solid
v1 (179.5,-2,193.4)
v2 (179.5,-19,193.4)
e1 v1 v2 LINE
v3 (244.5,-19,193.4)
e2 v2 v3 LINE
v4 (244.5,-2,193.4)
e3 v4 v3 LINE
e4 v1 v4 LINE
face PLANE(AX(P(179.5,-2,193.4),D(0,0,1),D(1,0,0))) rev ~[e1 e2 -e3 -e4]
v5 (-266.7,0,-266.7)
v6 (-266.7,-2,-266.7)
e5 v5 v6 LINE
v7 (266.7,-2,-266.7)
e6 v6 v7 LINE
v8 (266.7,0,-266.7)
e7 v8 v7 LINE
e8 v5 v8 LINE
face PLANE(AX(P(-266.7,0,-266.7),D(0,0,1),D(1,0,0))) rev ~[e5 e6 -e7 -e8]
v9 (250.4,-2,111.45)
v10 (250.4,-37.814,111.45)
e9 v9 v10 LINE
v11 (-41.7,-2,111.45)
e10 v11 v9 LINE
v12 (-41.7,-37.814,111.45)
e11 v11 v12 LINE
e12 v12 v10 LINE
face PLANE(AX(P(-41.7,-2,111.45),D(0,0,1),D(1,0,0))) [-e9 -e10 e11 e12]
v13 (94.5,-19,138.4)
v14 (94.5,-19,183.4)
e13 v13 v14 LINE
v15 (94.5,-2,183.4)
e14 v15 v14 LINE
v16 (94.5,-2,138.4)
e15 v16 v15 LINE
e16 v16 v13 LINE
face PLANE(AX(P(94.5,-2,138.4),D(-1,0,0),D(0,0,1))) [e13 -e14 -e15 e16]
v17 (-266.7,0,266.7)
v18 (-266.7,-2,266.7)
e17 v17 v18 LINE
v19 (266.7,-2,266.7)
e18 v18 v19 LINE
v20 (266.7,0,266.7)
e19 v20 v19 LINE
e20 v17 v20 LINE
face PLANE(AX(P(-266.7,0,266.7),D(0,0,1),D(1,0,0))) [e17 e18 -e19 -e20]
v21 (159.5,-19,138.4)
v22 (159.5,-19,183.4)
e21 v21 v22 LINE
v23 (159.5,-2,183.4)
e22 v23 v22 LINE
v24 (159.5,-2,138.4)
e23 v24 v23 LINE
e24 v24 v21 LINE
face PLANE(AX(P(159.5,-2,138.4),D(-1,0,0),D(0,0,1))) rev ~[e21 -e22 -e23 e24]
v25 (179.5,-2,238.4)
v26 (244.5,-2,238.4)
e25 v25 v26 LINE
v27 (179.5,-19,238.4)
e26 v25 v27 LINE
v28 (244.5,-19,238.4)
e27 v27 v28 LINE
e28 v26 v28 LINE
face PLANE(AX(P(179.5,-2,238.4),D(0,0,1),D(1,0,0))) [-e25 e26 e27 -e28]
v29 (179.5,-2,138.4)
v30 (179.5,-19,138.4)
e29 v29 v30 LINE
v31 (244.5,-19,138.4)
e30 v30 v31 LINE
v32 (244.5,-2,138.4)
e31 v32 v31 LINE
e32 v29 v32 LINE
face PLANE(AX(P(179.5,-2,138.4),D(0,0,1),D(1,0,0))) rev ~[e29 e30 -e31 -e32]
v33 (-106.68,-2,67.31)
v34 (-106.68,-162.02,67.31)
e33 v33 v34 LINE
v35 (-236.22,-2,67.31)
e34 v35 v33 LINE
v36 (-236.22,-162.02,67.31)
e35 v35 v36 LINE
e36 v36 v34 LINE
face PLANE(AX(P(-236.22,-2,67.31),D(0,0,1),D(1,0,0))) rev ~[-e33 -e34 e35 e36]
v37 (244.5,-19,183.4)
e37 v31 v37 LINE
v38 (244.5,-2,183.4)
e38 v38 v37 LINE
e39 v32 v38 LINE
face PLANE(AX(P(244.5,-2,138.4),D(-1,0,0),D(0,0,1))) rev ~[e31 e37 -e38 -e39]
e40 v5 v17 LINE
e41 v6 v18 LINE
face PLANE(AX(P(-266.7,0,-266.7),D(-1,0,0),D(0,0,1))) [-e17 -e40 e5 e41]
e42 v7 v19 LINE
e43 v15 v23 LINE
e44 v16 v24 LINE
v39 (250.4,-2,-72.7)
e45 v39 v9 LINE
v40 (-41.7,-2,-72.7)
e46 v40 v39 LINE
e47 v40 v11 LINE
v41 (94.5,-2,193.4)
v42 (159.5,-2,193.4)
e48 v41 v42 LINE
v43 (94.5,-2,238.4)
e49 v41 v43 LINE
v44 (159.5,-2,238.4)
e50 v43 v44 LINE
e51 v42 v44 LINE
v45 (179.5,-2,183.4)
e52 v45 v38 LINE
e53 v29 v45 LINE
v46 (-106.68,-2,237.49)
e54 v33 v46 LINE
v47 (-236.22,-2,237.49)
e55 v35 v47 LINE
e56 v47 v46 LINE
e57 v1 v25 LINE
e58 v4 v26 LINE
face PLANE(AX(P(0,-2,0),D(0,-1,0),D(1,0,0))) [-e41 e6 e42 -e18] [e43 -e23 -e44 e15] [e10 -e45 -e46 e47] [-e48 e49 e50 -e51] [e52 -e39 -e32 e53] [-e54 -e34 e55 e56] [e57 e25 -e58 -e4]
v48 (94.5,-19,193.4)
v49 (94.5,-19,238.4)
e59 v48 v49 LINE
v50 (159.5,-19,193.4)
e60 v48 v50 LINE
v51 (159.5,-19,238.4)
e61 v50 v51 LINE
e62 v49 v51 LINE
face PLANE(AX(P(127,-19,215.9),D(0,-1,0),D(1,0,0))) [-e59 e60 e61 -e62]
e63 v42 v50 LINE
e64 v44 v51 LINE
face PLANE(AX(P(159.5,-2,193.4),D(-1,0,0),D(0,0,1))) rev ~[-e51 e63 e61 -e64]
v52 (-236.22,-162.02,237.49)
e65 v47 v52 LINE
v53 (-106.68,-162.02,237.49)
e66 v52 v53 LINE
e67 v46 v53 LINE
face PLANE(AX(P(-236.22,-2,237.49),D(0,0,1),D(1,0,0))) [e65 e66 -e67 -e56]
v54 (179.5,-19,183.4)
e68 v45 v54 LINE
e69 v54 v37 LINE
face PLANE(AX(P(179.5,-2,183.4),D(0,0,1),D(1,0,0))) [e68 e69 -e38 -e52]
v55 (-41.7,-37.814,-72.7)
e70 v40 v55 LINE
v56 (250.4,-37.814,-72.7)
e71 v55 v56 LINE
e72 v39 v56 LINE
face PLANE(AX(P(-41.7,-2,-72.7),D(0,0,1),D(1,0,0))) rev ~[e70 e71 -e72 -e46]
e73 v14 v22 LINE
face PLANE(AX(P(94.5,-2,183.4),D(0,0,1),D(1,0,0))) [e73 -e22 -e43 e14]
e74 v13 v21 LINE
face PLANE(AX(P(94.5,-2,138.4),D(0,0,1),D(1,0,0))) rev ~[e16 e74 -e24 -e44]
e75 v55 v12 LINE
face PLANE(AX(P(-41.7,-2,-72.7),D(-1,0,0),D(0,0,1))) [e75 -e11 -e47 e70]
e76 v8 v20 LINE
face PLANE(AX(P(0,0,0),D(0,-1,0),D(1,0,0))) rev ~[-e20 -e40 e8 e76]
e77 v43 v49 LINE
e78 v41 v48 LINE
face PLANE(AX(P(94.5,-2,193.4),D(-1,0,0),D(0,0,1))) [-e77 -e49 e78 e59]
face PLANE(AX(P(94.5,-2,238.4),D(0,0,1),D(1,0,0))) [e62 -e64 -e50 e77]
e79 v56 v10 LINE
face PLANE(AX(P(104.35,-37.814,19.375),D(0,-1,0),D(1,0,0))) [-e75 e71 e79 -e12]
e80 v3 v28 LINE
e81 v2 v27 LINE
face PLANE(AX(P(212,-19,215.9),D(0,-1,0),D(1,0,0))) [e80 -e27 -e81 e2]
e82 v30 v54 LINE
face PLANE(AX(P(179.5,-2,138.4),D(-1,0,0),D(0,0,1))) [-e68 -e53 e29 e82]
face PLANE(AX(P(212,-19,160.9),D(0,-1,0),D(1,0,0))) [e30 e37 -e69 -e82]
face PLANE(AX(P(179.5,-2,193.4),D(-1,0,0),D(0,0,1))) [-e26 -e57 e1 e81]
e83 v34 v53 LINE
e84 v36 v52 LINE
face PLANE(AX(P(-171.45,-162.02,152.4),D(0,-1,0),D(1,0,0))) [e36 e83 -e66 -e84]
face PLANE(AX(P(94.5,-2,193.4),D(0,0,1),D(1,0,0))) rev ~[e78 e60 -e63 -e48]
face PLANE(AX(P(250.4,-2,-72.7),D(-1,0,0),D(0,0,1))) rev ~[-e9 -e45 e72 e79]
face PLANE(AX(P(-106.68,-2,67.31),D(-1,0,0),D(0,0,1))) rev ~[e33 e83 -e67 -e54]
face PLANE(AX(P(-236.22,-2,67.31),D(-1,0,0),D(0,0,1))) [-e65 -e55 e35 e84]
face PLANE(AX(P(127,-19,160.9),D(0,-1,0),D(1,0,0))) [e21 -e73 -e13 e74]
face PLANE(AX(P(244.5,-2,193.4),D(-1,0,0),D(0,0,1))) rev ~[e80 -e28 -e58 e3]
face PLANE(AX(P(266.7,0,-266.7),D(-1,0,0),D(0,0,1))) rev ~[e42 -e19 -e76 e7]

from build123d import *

# Parameters (mm, degrees)
F0_W     = 533.4
F0_H     = 533.4
F1_DEPTH = 2
F2_W     = 292.1
F2_H     = 184.15
F3_DEPTH = 35.814
F4_W     = 65
F4_H     = 45
F5_DEPTH = 17
F6_W     = 129.54
F6_H     = 170.18
F7_DEPTH = 160.02


with BuildPart() as f1:
    # F0 (on Front) → F1 (new body)
    with BuildSketch(Plane.XZ):
        Rectangle(F0_W, F0_H)
    extrude(amount=F1_DEPTH)

    # F2 (on face) → F3 (join)
    with BuildSketch(Plane.XZ.offset(2)):
        with Locations((104.35, 19.375)):
            Rectangle(F2_W, F2_H)
    extrude(amount=F3_DEPTH)

    # F4 (on face) → F5 (join)
    with BuildSketch(Plane.XZ.offset(2)):
        with Locations((127, 215.9)):
            Rectangle(F4_W, F4_H)
        with Locations((127, 160.9)):
            Rectangle(F4_W, F4_H)
        with Locations((212, 160.9)):
            Rectangle(F4_W, F4_H)
        with Locations((212, 215.9)):
            Rectangle(F4_W, F4_H)
    extrude(amount=F5_DEPTH)

    # F6 (on face) → F7 (join)
    with BuildSketch(Plane.XZ.offset(2)):
        with Locations((-171.45, 152.4)):
            Rectangle(F6_W, F6_H)
    extrude(amount=F7_DEPTH)


solid = f1.part
